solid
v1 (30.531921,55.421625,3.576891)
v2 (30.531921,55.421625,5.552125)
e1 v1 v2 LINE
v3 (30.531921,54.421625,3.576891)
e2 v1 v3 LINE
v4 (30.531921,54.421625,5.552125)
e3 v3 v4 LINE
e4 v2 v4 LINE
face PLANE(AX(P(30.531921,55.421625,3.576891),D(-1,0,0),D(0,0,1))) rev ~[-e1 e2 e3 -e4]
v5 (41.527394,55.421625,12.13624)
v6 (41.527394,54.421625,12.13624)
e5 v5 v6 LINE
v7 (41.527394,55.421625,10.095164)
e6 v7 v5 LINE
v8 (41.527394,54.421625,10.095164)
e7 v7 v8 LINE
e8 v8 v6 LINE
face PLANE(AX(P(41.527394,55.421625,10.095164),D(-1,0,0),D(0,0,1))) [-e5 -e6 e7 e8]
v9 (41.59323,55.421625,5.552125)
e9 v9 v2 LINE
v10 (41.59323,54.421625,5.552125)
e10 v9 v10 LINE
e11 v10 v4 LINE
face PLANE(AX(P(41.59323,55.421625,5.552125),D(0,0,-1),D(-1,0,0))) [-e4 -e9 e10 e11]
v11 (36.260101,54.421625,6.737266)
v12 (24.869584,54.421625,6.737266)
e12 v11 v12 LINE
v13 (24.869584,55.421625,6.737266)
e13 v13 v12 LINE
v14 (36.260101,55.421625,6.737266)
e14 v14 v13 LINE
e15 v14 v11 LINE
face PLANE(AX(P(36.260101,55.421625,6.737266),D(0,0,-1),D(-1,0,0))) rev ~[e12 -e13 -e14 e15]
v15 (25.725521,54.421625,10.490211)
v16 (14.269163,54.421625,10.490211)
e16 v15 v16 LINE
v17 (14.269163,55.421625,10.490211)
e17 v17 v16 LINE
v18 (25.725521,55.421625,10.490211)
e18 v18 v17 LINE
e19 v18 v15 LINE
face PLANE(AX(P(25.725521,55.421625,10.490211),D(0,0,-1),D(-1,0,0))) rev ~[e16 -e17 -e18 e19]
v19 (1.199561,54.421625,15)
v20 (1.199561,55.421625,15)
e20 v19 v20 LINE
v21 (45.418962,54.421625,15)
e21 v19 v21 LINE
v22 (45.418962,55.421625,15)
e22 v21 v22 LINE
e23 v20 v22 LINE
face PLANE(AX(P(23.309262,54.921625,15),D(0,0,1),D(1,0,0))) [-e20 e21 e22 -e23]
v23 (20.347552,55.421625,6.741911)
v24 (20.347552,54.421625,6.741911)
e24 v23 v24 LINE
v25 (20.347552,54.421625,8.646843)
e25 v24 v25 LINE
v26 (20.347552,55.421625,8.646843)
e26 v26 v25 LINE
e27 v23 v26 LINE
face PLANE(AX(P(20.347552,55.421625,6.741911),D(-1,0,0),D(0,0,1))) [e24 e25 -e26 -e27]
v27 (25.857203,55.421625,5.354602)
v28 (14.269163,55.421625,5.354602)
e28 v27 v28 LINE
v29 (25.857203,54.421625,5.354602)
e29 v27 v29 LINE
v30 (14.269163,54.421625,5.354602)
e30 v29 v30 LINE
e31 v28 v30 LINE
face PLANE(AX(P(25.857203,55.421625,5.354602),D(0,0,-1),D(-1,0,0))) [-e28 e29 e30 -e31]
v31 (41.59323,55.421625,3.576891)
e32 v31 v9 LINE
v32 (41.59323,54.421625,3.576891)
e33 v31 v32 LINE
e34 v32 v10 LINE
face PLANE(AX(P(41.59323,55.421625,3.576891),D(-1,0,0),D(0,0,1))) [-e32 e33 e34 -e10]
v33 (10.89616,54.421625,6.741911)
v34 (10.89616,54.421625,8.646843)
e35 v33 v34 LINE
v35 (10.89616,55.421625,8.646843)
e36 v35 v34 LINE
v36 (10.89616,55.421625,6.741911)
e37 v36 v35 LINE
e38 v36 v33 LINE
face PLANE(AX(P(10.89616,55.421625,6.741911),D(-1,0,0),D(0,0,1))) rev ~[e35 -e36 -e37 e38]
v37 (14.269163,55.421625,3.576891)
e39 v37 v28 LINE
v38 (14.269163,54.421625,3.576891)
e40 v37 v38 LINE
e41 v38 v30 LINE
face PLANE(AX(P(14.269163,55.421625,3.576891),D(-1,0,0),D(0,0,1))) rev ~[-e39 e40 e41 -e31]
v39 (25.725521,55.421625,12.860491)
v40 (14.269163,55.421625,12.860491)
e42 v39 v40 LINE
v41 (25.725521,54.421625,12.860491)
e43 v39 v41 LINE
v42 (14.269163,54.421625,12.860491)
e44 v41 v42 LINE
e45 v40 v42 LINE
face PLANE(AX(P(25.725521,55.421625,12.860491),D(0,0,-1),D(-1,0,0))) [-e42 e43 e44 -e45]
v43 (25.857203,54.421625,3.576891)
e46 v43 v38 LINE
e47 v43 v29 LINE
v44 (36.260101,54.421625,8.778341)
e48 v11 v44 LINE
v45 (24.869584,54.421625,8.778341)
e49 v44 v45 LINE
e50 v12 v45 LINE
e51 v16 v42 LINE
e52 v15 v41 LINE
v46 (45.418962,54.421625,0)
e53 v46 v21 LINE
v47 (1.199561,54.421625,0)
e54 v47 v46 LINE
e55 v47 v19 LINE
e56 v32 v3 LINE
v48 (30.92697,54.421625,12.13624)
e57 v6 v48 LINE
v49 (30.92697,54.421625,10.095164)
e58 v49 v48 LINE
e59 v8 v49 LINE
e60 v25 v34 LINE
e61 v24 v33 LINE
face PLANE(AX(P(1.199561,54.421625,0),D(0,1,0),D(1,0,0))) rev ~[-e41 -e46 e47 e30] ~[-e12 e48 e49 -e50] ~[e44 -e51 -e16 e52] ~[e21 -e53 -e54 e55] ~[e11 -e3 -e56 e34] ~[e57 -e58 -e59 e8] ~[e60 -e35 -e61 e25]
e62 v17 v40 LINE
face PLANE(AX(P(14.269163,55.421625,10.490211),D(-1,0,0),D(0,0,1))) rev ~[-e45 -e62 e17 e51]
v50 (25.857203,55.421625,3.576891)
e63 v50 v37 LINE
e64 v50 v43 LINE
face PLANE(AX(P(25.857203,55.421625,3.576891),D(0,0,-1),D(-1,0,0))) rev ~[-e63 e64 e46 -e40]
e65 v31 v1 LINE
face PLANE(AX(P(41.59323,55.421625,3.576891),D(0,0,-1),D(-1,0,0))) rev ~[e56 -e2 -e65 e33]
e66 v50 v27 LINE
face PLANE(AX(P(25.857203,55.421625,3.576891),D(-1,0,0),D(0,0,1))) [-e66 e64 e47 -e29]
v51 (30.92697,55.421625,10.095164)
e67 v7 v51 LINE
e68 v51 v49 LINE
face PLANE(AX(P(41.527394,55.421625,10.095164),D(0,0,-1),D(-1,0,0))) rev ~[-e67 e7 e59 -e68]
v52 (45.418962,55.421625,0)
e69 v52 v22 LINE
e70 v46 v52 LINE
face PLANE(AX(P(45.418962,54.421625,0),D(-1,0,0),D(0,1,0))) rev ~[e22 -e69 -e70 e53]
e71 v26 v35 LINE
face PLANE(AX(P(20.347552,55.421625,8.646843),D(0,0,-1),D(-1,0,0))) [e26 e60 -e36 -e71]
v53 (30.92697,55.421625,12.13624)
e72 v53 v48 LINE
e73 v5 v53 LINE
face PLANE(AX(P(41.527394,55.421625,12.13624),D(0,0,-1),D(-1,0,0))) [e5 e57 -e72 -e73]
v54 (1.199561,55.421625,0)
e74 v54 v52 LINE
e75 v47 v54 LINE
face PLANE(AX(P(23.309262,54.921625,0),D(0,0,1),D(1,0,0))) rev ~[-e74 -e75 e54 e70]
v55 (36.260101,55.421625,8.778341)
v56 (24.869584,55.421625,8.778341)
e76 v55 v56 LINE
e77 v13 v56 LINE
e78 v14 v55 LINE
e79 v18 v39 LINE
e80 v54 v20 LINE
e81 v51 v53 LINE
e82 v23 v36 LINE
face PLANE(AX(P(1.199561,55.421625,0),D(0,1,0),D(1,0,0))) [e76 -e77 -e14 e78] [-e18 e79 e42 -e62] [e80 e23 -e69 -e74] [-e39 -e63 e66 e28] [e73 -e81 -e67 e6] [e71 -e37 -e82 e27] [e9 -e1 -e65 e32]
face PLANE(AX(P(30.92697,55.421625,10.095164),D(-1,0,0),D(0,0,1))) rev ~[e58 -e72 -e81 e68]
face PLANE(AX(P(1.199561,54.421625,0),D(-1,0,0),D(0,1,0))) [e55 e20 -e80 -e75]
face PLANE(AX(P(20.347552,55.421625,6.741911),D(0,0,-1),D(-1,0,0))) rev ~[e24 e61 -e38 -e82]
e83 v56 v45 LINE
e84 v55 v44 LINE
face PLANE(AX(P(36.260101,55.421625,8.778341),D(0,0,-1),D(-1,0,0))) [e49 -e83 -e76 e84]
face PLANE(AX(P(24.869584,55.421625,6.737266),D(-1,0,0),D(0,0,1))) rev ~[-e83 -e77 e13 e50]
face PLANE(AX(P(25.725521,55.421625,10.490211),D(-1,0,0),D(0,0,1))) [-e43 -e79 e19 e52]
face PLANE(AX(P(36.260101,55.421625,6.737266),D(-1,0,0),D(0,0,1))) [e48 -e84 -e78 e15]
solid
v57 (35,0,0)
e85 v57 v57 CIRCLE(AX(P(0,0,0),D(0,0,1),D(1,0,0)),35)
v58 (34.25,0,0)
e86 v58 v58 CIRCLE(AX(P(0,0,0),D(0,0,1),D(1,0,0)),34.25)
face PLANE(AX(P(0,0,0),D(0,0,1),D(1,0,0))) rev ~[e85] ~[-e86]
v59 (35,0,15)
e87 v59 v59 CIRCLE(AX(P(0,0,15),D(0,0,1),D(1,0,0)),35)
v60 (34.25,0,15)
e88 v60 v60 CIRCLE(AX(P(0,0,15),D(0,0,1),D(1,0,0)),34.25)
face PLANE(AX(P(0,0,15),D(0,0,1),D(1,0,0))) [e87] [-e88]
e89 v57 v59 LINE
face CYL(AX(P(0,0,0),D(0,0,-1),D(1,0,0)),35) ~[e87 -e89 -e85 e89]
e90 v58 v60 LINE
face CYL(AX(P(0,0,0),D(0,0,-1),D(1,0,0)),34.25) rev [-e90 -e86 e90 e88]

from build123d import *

# Parameters (mm, degrees)
F0_R     = 35
F0_R_2   = 34.25
F1_DEPTH = 15
F2_W     = 44.219401
F2_H     = 1
F3_DEPTH = 15
F4_W     = 44.219401
F4_H     = 15
F4_W_2   = 11.061309
F4_H_2   = 1.975235
F4_W_3   = 11.58804
F4_H_3   = 1.777711
F4_W_4   = 10.600423
F4_H_4   = 2.041075
F4_W_5   = 11.390517
F4_W_6   = 9.451392
F4_H_5   = 1.904932
F4_W_7   = 11.456358
F4_H_6   = 2.37028
F5_DEPTH = 2


with BuildPart() as f1:
    # F0 (on Top) → F1 (new body)
    with BuildSketch(Plane.XY):
        Circle(F0_R)
        Circle(F0_R_2, mode=Mode.SUBTRACT)
    extrude(amount=F1_DEPTH)


with BuildPart() as f3:
    # F2 (on Top) → F3 (new body)
    with BuildSketch(Plane.XY):
        with Locations((23.309262, 54.921625)):
            Rectangle(F2_W, F2_H)
    extrude(amount=F3_DEPTH)

    # F4 (on face) → F5 (intersect)
    with BuildSketch(Plane(origin=(0, 55.421625, 0), x_dir=(-1, 0, 0), z_dir=(0, 1, 0))):
        with Locations((-23.309262, 7.5)):
            Rectangle(F4_W, F4_H)
        with Locations((-36.062576, 4.564508)):
            Rectangle(F4_W_2, F4_H_2, mode=Mode.SUBTRACT)
        with Locations((-20.063183, 4.465746)):
            Rectangle(F4_W_3, F4_H_3, mode=Mode.SUBTRACT)
        with Locations((-36.227182, 11.115702)):
            Rectangle(F4_W_4, F4_H_4, mode=Mode.SUBTRACT)
        with Locations((-30.564843, 7.757803)):
            Rectangle(F4_W_5, F4_H_4, mode=Mode.SUBTRACT)
        with Locations((-15.621856, 7.694377)):
            Rectangle(F4_W_6, F4_H_5, mode=Mode.SUBTRACT)
        with Locations((-19.997342, 11.675351)):
            Rectangle(F4_W_7, F4_H_6, mode=Mode.SUBTRACT)
    extrude(amount=-F5_DEPTH, mode=Mode.INTERSECT)


solid = Compound([f1.part, f3.part])
